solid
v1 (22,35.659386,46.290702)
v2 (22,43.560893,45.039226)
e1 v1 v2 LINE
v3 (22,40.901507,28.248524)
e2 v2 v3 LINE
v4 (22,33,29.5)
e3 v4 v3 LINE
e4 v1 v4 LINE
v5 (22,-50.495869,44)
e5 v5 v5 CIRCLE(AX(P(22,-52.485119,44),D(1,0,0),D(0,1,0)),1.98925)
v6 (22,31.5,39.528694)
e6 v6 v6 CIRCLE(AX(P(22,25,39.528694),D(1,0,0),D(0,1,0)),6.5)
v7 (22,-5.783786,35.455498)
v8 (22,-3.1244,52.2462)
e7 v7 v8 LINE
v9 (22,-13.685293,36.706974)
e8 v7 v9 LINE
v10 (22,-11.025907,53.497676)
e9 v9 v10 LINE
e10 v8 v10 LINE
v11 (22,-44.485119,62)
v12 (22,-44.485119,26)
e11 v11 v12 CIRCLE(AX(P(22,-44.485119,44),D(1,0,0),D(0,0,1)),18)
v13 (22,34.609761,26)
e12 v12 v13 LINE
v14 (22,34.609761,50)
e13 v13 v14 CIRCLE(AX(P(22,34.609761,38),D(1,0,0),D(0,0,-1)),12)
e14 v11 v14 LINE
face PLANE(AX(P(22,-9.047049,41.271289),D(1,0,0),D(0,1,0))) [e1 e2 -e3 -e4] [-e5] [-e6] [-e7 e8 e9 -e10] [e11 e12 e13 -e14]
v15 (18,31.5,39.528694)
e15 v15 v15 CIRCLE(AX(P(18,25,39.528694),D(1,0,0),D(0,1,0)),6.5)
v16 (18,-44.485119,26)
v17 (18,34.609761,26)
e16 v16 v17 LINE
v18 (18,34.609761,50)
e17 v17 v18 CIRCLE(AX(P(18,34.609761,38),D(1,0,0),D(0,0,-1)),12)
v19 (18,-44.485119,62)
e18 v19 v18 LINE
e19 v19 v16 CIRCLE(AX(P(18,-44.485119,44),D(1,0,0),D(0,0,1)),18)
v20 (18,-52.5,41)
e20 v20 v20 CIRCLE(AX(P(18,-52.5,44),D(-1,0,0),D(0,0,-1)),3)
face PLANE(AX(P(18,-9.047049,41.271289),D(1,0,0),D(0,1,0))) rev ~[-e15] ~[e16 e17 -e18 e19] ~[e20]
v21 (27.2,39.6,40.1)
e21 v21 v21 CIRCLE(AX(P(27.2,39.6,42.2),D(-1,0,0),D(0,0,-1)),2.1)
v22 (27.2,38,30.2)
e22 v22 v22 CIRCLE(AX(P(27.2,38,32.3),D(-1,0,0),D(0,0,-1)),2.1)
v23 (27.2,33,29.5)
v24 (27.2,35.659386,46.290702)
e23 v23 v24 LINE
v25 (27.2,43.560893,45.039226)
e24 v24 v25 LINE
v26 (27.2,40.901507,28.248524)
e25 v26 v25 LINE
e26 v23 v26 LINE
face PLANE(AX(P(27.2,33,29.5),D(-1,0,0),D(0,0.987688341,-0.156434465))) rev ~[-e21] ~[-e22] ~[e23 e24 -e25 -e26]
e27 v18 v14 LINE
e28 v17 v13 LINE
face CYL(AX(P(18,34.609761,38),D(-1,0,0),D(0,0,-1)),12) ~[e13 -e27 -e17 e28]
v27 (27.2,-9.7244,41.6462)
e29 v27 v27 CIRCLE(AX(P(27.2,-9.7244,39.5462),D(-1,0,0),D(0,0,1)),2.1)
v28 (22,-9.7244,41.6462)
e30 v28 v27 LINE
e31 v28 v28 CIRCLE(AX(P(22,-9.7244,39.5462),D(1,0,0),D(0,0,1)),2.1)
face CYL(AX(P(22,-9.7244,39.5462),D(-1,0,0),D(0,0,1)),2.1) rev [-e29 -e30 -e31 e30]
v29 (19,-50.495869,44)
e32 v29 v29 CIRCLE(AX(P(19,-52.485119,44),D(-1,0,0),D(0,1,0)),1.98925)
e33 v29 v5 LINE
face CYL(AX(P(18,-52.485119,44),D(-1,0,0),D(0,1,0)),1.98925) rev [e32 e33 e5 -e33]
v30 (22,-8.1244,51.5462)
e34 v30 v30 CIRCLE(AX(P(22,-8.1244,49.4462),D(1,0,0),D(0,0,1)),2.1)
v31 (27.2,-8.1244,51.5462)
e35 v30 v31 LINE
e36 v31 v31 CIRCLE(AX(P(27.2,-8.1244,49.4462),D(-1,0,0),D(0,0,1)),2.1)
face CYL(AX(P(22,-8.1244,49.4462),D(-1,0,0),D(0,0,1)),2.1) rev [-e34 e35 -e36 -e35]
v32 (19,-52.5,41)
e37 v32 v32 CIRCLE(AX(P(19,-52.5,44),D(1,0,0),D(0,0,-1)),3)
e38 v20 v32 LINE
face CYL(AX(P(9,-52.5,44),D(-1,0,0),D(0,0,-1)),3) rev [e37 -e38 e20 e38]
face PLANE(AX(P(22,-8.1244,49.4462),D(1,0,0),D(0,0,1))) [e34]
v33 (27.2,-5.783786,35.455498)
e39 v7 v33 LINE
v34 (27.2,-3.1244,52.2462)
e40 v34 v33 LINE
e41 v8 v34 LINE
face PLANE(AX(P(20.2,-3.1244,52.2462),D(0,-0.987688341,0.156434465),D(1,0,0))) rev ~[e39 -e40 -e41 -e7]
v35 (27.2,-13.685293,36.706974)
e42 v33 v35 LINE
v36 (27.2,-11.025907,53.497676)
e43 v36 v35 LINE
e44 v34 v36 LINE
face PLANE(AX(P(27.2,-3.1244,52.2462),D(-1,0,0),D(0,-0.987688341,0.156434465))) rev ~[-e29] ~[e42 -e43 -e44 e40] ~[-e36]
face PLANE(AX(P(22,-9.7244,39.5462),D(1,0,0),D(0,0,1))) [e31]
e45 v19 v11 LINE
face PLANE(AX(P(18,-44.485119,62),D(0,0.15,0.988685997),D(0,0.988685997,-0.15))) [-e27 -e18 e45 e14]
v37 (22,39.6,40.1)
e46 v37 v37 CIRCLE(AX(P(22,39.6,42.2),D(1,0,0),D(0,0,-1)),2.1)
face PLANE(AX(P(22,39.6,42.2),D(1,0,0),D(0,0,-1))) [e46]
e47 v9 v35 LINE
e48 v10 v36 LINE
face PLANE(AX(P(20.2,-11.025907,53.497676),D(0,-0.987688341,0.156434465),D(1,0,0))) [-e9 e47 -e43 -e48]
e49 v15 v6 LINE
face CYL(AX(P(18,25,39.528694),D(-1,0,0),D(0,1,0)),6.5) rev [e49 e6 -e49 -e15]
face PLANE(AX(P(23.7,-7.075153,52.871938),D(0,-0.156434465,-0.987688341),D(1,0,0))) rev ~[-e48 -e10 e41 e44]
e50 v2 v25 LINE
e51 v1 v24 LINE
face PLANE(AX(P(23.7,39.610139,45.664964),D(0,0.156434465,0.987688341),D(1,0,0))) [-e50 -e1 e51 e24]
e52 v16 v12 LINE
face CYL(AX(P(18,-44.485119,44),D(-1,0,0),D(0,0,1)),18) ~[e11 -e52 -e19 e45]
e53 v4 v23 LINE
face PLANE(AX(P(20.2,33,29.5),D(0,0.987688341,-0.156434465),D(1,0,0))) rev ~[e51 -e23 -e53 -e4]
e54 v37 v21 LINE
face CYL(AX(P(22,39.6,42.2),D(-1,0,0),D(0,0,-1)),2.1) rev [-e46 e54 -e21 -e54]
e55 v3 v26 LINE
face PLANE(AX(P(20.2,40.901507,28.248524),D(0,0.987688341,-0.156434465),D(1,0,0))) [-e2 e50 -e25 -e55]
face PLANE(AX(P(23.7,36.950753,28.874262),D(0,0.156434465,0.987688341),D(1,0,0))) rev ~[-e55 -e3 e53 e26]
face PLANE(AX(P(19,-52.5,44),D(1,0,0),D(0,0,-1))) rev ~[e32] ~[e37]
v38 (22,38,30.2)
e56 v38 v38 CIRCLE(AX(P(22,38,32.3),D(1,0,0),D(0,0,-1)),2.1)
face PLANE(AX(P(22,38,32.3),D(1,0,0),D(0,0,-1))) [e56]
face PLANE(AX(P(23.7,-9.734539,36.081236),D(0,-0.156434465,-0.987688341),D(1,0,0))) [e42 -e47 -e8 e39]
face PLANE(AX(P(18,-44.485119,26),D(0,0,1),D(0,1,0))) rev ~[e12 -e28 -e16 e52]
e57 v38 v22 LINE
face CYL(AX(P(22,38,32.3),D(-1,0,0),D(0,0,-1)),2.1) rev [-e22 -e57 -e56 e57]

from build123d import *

# Parameters (mm, degrees)
CYLINDER007_R          = 3
CYLINDER007_DEPTH      = 10
CYLINDER004_R          = 2.1
CYLINDER004_DEPTH      = 10
CYLINDER003_R          = 2.1
CYLINDER003_DEPTH      = 10
BOX001_W               = 7
BOX001_H               = 8
BOX001_DEPTH           = 17
BOX001_PLACEMENT_ANGLE = 9
SKETCH002_R            = 6.5
SKETCH002_R_2          = 1.98925
PAD002_DEPTH           = 4
CYLINDER006_R          = 2.1
CYLINDER006_DEPTH      = 10
CYLINDER005_R          = 2.1
CYLINDER005_DEPTH      = 10
BOX002_W               = 7
BOX002_H               = 8
BOX002_DEPTH           = 17
BOX002_PLACEMENT_ANGLE = 9
CUT003_PLACEMENT_ANGLE = 180


with BuildPart() as cylinder007:
    # Cylinder007 → Cylinder007 (new body)
    with BuildSketch(Plane(origin=(9, -52.5, 44), x_dir=(0, 0, -1), z_dir=(1, 0, 0))):
        Circle(CYLINDER007_R)
    extrude(amount=CYLINDER007_DEPTH)


with BuildPart() as cylinder004:
    # Cylinder004 → Cylinder004 (new body)
    with BuildSketch(Plane(origin=(23, 39.6, 42.2), x_dir=(0, 0, -1), z_dir=(1, 0, 0))):
        Circle(CYLINDER004_R)
    extrude(amount=CYLINDER004_DEPTH)


with BuildPart() as fusion001:
    # Cylinder003 → Cylinder003 (new body)
    with BuildSketch(Plane(origin=(23, 38, 32.3), x_dir=(0, 0, -1), z_dir=(1, 0, 0))):
        Circle(CYLINDER003_R)
    extrude(amount=CYLINDER003_DEPTH)

    # Fusion001: union Cylinder004
    add(cylinder004.part)


with BuildPart() as fusion001_1:
    # Fusion001 placement: moved
    add(fusion001.part.moved(Location((-1, 0, 0))))


with BuildPart() as cut002:
    # Box001 → Box001 (new body)
    with BuildSketch(Plane.XY):
        with Locations((3.5, 4)):
            Rectangle(BOX001_W, BOX001_H)
    extrude(amount=BOX001_DEPTH)


with BuildPart() as cut002_1:
    # Box001 placement: moved
    add(cut002.part.moved(Location((20.2, 33, 29.5))).rotate(Axis((20.2, 33, 29.5), (-1, 0, 0)), BOX001_PLACEMENT_ANGLE))

    # Cut002: cut Fusion001
    add(fusion001_1.part, mode=Mode.SUBTRACT)


with BuildPart() as arribarodilla:
    # Sketch002 → Pad002 (new body)
    with BuildSketch(Plane.YZ):
        with BuildLine():
            Line((-19.485119, 0), (59.609761, 0))
            ThreePointArc((59.609761, 0), (71.609761, 12), (59.609761, 24))
            Line((-19.485119, 36), (59.609761, 24))
            ThreePointArc((-19.485119, 36), (-37.485119, 18), (-19.485119, 0))
        make_face()
        with Locations((50, 13.528694)):
            Circle(SKETCH002_R, mode=Mode.SUBTRACT)
        with Locations((-27.485119, 18)):
            Circle(SKETCH002_R_2, mode=Mode.SUBTRACT)
    extrude(amount=PAD002_DEPTH)


with BuildPart() as arribarodilla_1:
    # Body002 placement: moved
    add(arribarodilla.part.moved(Location((18, -25, 26))))


with BuildPart() as cylinder006:
    # Cylinder006 → Cylinder006 (new body)
    with BuildSketch(Plane(origin=(23, 39.6, 42.2), x_dir=(0, 0, -1), z_dir=(1, 0, 0))):
        Circle(CYLINDER006_R)
    extrude(amount=CYLINDER006_DEPTH)


with BuildPart() as fusion002:
    # Cylinder005 → Cylinder005 (new body)
    with BuildSketch(Plane(origin=(23, 38, 32.3), x_dir=(0, 0, -1), z_dir=(1, 0, 0))):
        Circle(CYLINDER005_R)
    extrude(amount=CYLINDER005_DEPTH)

    # Fusion002: union Cylinder006
    add(cylinder006.part)


with BuildPart() as fusion002_1:
    # Fusion002 placement: moved
    add(fusion002.part.moved(Location((-1, 0, 0))))


with BuildPart() as cut004:
    # Box002 → Box002 (new body)
    with BuildSketch(Plane.XY):
        with Locations((3.5, 4)):
            Rectangle(BOX002_W, BOX002_H)
    extrude(amount=BOX002_DEPTH)


with BuildPart() as cut004_1:
    # Box002 placement: moved
    add(cut004.part.moved(Location((20.2, 33, 29.5))).rotate(Axis((20.2, 33, 29.5), (-1, 0, 0)), BOX002_PLACEMENT_ANGLE))

    # Cut003: cut Fusion002
    add(fusion002_1.part, mode=Mode.SUBTRACT)


with BuildPart() as cut004_2:
    # Cut003 placement: moved
    add(cut004_1.part.moved(Location((0, 29.8756, 81.7462))).rotate(Axis((0, 29.8756, 81.7462), (1, 0, 0)), CUT003_PLACEMENT_ANGLE))

    # Fusion003: union Cut002, ArribaRodilla
    add(cut002_1.part)
    add(arribarodilla_1.part)

    # Cut004: cut Cylinder007
    add(cylinder007.part, mode=Mode.SUBTRACT)


solid = cut004_2.part
